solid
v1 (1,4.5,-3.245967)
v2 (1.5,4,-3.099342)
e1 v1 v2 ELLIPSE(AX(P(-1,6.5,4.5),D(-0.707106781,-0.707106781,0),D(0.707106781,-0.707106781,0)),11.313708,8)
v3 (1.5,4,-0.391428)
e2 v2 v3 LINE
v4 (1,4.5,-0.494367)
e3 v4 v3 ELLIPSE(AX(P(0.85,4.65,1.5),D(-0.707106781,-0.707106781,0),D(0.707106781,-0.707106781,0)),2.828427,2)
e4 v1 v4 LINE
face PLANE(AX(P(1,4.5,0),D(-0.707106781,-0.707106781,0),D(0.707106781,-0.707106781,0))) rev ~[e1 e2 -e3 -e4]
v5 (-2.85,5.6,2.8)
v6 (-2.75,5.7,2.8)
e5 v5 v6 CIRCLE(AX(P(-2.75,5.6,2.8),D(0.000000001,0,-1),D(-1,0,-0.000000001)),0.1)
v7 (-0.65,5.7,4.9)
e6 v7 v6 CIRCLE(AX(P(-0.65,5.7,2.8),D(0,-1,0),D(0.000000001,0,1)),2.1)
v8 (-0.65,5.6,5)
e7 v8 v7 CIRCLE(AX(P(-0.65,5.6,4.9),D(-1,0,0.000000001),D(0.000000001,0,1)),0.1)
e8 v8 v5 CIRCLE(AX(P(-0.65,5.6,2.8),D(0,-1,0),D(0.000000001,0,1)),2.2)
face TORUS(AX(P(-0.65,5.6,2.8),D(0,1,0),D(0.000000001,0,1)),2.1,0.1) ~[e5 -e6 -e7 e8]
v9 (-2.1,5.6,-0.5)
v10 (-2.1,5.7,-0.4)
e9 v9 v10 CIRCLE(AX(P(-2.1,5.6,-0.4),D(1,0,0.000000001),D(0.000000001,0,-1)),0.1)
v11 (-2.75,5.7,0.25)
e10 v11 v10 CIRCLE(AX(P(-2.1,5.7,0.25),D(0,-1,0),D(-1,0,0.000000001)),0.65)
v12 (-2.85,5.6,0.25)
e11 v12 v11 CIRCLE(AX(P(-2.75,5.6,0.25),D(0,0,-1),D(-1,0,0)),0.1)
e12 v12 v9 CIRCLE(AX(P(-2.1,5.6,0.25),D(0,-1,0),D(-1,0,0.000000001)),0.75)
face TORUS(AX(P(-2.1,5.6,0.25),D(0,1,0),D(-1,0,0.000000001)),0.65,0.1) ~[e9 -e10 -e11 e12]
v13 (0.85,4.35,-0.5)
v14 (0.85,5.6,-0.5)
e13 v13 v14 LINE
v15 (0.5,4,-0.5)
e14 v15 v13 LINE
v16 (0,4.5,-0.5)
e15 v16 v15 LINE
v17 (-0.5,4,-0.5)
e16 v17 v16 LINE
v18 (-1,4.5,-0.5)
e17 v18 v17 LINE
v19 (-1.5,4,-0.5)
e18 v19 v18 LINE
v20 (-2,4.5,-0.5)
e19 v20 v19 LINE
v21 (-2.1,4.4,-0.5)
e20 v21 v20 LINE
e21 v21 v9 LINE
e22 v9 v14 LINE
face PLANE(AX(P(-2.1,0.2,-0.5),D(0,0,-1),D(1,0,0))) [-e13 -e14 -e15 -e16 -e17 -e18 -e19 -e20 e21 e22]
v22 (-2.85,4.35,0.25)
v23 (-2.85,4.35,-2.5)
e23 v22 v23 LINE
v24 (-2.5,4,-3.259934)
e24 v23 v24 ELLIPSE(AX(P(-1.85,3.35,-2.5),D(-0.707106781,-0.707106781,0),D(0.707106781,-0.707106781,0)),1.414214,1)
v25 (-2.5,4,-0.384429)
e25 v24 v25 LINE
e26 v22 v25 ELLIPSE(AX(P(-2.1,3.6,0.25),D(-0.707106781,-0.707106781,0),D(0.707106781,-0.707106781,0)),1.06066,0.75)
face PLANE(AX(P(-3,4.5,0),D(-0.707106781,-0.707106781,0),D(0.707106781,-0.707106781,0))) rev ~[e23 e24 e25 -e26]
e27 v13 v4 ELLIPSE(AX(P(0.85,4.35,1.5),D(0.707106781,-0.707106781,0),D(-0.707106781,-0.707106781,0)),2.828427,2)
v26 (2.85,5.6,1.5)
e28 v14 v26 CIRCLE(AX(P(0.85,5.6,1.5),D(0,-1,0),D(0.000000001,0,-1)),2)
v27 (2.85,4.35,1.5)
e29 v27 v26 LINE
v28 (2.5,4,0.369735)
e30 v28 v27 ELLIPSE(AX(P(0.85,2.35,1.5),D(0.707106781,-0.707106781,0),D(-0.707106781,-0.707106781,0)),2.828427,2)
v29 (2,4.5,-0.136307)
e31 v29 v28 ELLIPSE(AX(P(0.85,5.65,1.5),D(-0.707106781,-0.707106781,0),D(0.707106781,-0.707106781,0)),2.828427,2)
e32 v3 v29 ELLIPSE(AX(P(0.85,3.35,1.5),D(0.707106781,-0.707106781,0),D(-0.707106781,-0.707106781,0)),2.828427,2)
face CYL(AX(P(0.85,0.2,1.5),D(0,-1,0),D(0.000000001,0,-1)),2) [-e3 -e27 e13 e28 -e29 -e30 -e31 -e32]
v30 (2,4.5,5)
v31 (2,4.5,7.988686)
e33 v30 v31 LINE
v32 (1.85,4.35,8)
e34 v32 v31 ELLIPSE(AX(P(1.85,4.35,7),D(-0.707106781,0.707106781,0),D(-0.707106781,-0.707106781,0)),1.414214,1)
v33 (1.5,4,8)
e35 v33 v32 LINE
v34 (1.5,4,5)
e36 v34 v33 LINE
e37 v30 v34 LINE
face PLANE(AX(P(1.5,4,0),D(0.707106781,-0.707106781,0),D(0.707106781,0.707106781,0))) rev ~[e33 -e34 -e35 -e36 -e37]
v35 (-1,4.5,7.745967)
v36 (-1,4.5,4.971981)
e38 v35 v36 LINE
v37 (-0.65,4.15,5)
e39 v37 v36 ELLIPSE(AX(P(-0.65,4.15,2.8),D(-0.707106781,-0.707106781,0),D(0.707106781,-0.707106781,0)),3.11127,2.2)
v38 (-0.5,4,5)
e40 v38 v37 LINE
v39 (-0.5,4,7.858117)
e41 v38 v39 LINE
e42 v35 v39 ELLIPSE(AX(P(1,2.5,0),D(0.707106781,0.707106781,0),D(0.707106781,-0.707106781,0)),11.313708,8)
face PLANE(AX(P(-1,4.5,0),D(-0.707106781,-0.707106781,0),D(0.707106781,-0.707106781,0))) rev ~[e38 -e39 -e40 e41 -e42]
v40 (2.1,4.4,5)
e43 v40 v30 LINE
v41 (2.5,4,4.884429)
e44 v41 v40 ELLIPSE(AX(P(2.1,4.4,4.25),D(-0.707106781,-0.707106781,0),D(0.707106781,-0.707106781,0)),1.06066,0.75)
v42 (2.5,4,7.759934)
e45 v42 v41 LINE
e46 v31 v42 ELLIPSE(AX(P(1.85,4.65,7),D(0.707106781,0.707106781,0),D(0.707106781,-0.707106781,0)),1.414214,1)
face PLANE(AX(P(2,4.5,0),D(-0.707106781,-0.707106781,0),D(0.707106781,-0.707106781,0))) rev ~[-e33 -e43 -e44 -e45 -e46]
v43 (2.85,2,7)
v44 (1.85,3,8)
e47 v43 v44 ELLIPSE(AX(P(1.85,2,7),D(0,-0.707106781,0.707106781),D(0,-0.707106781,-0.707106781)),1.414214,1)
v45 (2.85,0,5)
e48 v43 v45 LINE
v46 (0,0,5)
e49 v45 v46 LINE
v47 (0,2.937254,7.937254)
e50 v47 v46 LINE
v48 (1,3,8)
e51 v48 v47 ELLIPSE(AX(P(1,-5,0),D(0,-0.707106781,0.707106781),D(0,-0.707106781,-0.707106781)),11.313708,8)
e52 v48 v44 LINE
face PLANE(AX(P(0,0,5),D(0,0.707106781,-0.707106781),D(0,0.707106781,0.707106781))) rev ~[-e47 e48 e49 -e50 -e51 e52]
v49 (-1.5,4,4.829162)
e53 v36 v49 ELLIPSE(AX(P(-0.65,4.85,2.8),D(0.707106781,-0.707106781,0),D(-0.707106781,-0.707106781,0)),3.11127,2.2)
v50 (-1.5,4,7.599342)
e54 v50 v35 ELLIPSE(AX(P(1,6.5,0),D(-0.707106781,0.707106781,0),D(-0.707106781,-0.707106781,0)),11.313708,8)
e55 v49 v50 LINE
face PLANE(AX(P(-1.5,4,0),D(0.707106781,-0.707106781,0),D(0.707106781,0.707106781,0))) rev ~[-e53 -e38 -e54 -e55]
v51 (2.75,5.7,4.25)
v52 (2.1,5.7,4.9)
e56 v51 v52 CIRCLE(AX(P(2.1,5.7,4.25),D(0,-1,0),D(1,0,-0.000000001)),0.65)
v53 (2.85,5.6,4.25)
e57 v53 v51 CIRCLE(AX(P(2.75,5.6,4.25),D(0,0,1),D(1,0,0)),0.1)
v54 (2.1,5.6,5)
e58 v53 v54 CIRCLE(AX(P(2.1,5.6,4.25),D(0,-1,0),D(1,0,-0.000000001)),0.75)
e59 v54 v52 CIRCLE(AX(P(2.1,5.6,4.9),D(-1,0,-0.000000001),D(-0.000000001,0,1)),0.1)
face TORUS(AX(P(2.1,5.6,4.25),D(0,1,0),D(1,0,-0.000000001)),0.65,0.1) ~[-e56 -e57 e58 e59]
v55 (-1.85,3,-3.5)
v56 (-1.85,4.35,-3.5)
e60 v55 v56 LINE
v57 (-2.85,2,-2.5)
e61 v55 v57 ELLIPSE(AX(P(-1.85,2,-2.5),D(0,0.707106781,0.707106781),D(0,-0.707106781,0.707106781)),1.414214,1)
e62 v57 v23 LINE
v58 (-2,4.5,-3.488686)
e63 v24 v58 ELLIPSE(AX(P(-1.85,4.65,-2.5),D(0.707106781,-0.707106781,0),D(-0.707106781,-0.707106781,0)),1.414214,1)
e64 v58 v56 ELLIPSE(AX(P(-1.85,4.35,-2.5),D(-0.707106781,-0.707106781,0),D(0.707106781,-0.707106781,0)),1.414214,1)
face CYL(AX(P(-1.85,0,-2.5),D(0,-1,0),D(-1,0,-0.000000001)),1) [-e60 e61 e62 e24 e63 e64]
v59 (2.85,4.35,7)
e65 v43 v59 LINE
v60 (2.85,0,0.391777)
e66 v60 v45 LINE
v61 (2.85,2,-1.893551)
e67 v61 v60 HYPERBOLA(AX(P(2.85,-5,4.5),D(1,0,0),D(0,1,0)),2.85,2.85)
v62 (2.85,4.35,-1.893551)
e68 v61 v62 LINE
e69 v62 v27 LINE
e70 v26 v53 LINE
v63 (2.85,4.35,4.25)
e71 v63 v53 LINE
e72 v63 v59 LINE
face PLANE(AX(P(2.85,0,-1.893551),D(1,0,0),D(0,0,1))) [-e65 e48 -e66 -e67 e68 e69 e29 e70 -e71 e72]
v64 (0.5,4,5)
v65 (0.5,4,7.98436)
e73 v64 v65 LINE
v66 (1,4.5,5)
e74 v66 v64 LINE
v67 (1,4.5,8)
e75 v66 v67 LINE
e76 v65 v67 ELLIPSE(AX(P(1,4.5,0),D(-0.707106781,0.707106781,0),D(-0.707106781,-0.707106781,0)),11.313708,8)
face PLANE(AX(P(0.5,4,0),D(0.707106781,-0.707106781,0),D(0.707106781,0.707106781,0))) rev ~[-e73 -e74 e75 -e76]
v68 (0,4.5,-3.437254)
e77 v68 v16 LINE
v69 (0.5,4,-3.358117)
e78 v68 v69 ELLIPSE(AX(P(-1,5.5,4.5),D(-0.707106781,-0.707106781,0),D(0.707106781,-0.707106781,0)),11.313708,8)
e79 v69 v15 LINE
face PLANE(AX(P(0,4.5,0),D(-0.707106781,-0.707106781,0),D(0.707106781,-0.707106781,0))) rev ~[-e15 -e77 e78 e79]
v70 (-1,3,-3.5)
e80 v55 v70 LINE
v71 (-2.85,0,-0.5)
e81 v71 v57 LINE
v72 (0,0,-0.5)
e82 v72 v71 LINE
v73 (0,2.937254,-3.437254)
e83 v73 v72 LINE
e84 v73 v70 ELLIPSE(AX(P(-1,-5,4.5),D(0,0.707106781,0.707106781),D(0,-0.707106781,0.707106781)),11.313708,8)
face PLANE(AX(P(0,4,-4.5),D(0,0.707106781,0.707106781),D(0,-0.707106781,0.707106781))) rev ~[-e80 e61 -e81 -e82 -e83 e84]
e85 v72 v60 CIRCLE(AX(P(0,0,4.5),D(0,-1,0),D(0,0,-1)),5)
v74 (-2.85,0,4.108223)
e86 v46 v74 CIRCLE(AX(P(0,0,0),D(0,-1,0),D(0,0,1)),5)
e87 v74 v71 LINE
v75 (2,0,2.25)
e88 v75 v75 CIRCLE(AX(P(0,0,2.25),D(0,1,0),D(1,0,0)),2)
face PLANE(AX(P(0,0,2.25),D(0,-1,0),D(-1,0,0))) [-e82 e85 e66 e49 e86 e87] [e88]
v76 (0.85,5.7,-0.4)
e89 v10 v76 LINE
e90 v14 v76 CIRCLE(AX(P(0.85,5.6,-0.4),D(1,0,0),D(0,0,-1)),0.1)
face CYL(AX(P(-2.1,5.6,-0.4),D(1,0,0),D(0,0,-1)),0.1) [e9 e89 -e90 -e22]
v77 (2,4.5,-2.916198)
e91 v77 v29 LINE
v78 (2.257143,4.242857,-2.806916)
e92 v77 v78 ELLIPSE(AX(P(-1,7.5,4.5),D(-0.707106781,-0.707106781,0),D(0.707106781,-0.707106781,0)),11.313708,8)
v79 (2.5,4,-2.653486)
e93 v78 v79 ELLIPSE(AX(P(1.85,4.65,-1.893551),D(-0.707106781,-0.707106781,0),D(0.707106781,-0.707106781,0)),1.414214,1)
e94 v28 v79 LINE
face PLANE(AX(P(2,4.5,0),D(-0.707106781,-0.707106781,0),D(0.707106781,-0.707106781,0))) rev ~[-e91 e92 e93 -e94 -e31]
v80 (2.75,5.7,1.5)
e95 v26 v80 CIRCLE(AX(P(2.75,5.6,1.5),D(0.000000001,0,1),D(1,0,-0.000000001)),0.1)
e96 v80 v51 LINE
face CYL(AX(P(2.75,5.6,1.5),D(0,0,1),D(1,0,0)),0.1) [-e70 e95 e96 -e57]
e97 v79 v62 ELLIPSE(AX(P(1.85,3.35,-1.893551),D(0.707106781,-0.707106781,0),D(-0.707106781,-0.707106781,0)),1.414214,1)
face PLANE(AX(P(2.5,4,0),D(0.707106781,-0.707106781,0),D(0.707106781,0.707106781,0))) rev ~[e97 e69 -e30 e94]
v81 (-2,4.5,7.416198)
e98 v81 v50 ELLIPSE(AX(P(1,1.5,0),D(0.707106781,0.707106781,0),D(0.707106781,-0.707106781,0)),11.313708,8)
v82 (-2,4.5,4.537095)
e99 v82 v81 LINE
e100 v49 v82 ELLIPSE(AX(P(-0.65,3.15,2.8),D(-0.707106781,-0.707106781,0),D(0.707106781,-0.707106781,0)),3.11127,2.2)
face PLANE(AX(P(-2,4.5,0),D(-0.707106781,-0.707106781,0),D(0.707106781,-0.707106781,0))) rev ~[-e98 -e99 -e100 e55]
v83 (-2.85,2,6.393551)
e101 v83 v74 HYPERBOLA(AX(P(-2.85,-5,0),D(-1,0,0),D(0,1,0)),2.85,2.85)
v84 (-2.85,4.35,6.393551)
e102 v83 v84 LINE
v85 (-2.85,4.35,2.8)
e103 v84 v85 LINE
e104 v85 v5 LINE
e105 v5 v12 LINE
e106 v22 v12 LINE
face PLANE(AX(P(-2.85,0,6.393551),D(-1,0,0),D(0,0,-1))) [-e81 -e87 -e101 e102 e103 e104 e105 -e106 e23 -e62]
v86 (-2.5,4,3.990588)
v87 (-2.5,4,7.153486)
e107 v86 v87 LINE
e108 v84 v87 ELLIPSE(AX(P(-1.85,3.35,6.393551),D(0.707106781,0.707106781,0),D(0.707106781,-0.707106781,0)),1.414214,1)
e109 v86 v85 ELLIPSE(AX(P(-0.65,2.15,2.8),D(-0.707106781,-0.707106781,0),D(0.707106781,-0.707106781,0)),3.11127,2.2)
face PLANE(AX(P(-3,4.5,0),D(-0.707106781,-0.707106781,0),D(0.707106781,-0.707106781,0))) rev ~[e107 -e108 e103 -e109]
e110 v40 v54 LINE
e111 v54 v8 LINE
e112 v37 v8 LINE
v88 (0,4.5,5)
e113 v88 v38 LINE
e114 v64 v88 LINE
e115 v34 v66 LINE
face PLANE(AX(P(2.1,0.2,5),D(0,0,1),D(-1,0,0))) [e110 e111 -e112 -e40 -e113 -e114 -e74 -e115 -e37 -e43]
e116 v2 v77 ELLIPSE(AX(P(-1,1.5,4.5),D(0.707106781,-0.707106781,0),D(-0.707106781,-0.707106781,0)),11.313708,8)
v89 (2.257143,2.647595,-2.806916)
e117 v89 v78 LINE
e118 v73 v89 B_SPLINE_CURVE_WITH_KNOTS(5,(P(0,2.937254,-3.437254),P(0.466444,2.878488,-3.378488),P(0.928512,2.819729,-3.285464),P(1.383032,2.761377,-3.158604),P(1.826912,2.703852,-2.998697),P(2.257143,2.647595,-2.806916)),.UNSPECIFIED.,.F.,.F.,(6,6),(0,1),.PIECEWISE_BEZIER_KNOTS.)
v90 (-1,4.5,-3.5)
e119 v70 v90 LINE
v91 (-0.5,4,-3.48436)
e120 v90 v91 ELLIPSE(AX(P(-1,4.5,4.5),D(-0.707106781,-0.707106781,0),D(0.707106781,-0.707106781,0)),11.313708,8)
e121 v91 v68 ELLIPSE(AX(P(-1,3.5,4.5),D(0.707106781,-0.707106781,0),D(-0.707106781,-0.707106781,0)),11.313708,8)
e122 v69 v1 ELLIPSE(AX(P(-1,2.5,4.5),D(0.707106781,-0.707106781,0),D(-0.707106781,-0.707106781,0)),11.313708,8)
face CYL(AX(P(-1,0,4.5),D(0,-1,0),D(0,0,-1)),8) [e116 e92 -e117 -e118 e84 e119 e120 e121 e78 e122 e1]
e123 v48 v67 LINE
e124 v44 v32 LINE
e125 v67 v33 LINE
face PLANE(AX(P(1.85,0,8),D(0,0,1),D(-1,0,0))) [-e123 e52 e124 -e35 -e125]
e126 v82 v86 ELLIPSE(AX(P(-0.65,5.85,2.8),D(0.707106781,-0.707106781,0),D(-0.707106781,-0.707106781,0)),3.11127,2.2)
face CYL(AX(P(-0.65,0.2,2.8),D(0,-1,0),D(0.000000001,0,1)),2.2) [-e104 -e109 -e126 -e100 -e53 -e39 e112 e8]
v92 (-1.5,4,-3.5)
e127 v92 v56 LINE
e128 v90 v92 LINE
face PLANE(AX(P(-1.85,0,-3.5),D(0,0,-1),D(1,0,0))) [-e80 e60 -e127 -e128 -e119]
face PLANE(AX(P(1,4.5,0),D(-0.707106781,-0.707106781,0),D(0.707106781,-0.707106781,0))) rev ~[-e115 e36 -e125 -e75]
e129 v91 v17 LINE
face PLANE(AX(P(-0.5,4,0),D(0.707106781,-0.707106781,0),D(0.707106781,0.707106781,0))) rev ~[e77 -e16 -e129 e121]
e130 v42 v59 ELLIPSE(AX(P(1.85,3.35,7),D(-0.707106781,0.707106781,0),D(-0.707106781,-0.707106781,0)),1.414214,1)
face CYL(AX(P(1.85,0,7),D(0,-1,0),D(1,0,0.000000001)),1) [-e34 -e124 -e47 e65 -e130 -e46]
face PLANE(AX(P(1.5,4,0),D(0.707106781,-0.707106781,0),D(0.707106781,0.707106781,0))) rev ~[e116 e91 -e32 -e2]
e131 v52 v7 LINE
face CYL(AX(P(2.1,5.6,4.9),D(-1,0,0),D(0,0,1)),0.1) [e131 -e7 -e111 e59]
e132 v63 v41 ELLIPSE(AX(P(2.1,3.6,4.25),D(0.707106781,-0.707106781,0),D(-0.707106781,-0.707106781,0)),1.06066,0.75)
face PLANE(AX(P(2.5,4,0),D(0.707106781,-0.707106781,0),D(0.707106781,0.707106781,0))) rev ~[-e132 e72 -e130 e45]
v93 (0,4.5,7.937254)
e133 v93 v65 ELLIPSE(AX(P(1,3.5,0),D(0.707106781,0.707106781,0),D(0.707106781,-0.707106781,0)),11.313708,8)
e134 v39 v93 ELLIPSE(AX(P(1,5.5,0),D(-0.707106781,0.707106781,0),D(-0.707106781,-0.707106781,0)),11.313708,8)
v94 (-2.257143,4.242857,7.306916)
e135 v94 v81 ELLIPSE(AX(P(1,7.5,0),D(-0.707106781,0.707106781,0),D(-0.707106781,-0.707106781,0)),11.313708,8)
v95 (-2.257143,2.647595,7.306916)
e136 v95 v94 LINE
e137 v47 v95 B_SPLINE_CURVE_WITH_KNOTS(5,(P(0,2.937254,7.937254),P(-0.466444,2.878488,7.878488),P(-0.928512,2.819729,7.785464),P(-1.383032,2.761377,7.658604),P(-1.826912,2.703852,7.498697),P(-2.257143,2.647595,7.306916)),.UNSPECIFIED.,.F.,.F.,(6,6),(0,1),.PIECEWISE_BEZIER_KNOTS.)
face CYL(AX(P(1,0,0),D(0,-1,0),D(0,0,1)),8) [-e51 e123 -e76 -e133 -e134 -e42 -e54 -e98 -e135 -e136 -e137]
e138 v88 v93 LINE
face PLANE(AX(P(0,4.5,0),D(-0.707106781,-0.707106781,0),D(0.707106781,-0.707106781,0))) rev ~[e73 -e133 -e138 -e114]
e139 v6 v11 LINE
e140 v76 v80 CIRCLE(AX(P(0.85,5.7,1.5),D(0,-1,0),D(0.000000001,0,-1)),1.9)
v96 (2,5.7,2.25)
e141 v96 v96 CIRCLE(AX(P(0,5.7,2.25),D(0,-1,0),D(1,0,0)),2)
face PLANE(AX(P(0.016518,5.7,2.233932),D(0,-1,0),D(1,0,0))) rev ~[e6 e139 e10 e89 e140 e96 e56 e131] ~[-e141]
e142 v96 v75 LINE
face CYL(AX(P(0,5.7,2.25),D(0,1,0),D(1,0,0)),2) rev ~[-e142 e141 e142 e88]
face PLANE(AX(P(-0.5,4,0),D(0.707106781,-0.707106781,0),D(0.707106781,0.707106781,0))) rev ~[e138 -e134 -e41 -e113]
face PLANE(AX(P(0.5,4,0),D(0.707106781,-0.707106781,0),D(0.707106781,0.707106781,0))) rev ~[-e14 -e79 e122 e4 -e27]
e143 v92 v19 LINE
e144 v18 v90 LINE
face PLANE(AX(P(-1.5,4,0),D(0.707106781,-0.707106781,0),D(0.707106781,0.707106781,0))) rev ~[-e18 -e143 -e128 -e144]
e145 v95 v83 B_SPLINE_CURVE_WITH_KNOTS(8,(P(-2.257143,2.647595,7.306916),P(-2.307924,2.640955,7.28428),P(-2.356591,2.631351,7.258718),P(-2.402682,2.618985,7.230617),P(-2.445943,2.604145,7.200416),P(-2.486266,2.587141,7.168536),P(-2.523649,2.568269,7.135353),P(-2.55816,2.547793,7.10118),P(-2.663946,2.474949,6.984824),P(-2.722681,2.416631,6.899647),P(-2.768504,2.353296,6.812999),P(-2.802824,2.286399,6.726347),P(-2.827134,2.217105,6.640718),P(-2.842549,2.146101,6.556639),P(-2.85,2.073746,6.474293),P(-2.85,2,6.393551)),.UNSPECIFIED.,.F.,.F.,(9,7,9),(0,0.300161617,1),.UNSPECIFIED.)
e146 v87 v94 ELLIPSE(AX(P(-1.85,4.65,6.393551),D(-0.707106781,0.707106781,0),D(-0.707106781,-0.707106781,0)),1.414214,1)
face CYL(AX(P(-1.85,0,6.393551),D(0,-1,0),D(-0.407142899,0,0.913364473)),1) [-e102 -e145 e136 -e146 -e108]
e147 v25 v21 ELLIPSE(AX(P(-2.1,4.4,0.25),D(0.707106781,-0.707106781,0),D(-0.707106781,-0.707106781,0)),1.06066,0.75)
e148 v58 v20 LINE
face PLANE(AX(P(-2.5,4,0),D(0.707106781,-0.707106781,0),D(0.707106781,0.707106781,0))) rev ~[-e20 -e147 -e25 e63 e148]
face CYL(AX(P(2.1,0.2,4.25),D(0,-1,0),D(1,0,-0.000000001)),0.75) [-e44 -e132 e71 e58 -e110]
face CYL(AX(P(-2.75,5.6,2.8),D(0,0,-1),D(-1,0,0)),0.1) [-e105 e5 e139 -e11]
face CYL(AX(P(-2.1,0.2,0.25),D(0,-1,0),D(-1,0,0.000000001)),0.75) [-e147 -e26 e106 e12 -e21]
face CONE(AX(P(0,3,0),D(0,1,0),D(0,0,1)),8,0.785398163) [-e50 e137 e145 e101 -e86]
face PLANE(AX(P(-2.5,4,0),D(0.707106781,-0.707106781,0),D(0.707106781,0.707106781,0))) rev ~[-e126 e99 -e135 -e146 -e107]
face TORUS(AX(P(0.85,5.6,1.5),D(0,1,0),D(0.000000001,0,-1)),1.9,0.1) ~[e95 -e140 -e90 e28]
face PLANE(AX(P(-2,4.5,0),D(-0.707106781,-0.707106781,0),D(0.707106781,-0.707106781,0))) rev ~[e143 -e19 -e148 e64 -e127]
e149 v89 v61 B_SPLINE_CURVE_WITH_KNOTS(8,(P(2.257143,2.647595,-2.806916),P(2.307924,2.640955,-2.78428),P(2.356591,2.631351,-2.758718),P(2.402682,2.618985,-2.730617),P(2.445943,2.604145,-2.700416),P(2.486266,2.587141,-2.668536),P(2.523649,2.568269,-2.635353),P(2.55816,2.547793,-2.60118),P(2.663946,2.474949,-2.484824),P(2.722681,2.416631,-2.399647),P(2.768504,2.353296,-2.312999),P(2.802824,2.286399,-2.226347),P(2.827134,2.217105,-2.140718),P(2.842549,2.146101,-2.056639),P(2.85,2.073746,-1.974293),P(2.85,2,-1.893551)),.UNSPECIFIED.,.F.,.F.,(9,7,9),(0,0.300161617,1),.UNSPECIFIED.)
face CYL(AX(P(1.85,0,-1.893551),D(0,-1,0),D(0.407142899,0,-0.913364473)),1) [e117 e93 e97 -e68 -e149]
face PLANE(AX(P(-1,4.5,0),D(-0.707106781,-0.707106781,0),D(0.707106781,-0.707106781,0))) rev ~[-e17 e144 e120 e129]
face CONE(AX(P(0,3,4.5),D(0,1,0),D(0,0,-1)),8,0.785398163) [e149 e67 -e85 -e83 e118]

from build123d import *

# Parameters (mm, degrees)
EXTRUDE1_DEPTH          = 4.5
CUT_EXTRUDE1_DEPTH      = 8
CUT_EXTRUDE1_DEPTH_BACK = 8
CUT_EXTRUDE2_DEPTH      = 4
CUT_EXTRUDE2_DEPTH_BACK = 4
CUT_REVOLVE1_ANGLE      = 60
CUT_REVOLVE2_ANGLE      = 60
EXTRUDE2_START          = -0.2
SKETCH7_R               = 2
EXTRUDE2_DEPTH          = 5.5
SKETCH10_R              = 2
CUT_EXTRUDE4_DEPTH      = 11.228025387
FILLET1_R               = 0.1


with BuildPart() as part:
    # Sketch1 → Extrude1 (new body)
    with BuildSketch(Plane(origin=(0, 0, 0), x_dir=(1, 0, 0), z_dir=(0, 1, 0))):
        with BuildLine():
            Line((-1.85, 3.5), (-1, 3.5))
            ThreePointArc((-1, 3.5), (0.66503344, 3.324810774), (2.2571429, 2.806915911))
            ThreePointArc((2.2571429, 2.806915911), (2.688791661, 2.438003962), (2.85, 1.893551439))
            Line((2.85, 1.893551439), (2.85, -1.946775719))
            Line((2.85, -1.946775719), (2.85, -7))
            ThreePointArc((2.85, -7), (2.557106781, -7.707106781), (1.85, -8))
            Line((1.85, -8), (1, -8))
            ThreePointArc((1, -8), (-0.66503344, -7.824810774), (-2.2571429, -7.306915911))
            ThreePointArc((-2.2571429, -7.306915911), (-2.688791661, -6.938003962), (-2.85, -6.393551439))
            Line((-2.85, -6.393551439), (-2.85, -1.946775719))
            Line((-2.85, -1.946775719), (-2.85, 2.5))
            ThreePointArc((-2.85, 2.5), (-2.557106781, 3.207106781), (-1.85, 3.5))
        make_face()
    extrude(amount=EXTRUDE1_DEPTH)

    # Sketch2 → Cut-Extrude1 (cut, two sides: drawn at the far end of the back side and taken through both)
    with BuildSketch(Plane.XY.offset(-CUT_EXTRUDE1_DEPTH_BACK)):
        Polygon((-4, 4.5), (-3.5, 4), (-3, 4.5), (-2.5, 4), (-2, 4.5), (-1.5, 4), (-1, 4.5), (-0.5, 4), (0, 4.5), (0.5, 4), (1, 4.5), (1.5, 4), (2, 4.5), (2.5, 4), (3, 4.5), (3.5, 4), (4, 4.5), (4, 5.5), (-4, 5.5), align=None)
    extrude(amount=CUT_EXTRUDE1_DEPTH + CUT_EXTRUDE1_DEPTH_BACK, mode=Mode.SUBTRACT)

    # Sketch4 → Cut-Extrude2 (cut, two sides: drawn at the far end of the back side and taken through both)
    with BuildSketch(Plane(origin=(0, 0, 0), x_dir=(0, 0, -1), z_dir=(1, 0, 0)).offset(-CUT_EXTRUDE2_DEPTH_BACK)):
        Polygon((4.5, -1), (4.5, 4), (0.5, 0), (-5, 0), (-9, 4), (-9, -1), align=None)
    extrude(amount=CUT_EXTRUDE2_DEPTH + CUT_EXTRUDE2_DEPTH_BACK, mode=Mode.SUBTRACT)

    # Sketch5 → Cut-Revolve1 (revolve, cut)
    with BuildSketch(Plane(origin=(0, 0, 0), x_dir=(0, 0, -1), z_dir=(1, 0, 0))):
        Polygon((0, -1), (-9, -1), (-9, 3), (-8, 3), (-5, 0), (0, 0), align=None)
    revolve(axis=Axis((0, 3, 0), (0, -1, 0)), revolution_arc=CUT_REVOLVE1_ANGLE, mode=Mode.SUBTRACT)

    # Sketch6 → Cut-Revolve2 (revolve, cut)
    with BuildSketch(Plane(origin=(0, 0, 0), x_dir=(0, 0, -1), z_dir=(1, 0, 0))):
        Polygon((4.5, -1), (4.5, 3), (3.5, 3), (0.5, 0), (-4.5, 0), (-4.5, -1), align=None)
    revolve(axis=Axis((0, 3, 4.5), (0, -1, 0)), revolution_arc=CUT_REVOLVE2_ANGLE, mode=Mode.SUBTRACT)

    # Sketch7 → Extrude2 (add)
    with BuildSketch(Plane.XZ.offset(EXTRUDE2_START)):
        with BuildLine():
            Line((2.1, 5), (-0.65, 5))
            ThreePointArc((-0.65, 5), (-2.205634919, 4.355634919), (-2.85, 2.8))
            Line((-2.85, 2.8), (-2.85, 0.25))
            ThreePointArc((-2.85, 0.25), (-2.630330086, -0.280330086), (-2.1, -0.5))
            Line((-2.1, -0.5), (0.85, -0.5))
            ThreePointArc((0.85, -0.5), (2.264213562, 0.085786438), (2.85, 1.5))
            Line((2.85, 1.5), (2.85, 4.25))
            ThreePointArc((2.85, 4.25), (2.630330086, 4.780330086), (2.1, 5))
        make_face()
        with Locations((0, 2.25)):
            Circle(SKETCH7_R, mode=Mode.SUBTRACT)
    extrude(amount=-EXTRUDE2_DEPTH)

    # Sketch10 → Cut-Extrude4 (cut, through all)
    with BuildSketch(Plane(origin=(0, 5.7, 0), x_dir=(1, 0, 0), z_dir=(0, 1, 0))):
        with Locations((0, -2.25)):
            Circle(SKETCH10_R)
    extrude(amount=-CUT_EXTRUDE4_DEPTH, mode=Mode.SUBTRACT)

    # Fillet1
    fillet1_edges = [part.edges().sort_by_distance(p)[0] for p in [
        (-0.625, 5.7, -0.5),
        (-2.630330086, 5.7, -0.280330086),
        (-2.85, 5.7, 1.525),
        (-2.205634919, 5.7, 4.355634919),
        (0.725, 5.7, 5),
        (2.630330086, 5.7, 4.780330086),
        (2.85, 5.7, 2.875),
        (2.264213562, 5.7, 0.085786438),
    ]]
    fillet(fillet1_edges, radius=FILLET1_R)


solid = part.part
